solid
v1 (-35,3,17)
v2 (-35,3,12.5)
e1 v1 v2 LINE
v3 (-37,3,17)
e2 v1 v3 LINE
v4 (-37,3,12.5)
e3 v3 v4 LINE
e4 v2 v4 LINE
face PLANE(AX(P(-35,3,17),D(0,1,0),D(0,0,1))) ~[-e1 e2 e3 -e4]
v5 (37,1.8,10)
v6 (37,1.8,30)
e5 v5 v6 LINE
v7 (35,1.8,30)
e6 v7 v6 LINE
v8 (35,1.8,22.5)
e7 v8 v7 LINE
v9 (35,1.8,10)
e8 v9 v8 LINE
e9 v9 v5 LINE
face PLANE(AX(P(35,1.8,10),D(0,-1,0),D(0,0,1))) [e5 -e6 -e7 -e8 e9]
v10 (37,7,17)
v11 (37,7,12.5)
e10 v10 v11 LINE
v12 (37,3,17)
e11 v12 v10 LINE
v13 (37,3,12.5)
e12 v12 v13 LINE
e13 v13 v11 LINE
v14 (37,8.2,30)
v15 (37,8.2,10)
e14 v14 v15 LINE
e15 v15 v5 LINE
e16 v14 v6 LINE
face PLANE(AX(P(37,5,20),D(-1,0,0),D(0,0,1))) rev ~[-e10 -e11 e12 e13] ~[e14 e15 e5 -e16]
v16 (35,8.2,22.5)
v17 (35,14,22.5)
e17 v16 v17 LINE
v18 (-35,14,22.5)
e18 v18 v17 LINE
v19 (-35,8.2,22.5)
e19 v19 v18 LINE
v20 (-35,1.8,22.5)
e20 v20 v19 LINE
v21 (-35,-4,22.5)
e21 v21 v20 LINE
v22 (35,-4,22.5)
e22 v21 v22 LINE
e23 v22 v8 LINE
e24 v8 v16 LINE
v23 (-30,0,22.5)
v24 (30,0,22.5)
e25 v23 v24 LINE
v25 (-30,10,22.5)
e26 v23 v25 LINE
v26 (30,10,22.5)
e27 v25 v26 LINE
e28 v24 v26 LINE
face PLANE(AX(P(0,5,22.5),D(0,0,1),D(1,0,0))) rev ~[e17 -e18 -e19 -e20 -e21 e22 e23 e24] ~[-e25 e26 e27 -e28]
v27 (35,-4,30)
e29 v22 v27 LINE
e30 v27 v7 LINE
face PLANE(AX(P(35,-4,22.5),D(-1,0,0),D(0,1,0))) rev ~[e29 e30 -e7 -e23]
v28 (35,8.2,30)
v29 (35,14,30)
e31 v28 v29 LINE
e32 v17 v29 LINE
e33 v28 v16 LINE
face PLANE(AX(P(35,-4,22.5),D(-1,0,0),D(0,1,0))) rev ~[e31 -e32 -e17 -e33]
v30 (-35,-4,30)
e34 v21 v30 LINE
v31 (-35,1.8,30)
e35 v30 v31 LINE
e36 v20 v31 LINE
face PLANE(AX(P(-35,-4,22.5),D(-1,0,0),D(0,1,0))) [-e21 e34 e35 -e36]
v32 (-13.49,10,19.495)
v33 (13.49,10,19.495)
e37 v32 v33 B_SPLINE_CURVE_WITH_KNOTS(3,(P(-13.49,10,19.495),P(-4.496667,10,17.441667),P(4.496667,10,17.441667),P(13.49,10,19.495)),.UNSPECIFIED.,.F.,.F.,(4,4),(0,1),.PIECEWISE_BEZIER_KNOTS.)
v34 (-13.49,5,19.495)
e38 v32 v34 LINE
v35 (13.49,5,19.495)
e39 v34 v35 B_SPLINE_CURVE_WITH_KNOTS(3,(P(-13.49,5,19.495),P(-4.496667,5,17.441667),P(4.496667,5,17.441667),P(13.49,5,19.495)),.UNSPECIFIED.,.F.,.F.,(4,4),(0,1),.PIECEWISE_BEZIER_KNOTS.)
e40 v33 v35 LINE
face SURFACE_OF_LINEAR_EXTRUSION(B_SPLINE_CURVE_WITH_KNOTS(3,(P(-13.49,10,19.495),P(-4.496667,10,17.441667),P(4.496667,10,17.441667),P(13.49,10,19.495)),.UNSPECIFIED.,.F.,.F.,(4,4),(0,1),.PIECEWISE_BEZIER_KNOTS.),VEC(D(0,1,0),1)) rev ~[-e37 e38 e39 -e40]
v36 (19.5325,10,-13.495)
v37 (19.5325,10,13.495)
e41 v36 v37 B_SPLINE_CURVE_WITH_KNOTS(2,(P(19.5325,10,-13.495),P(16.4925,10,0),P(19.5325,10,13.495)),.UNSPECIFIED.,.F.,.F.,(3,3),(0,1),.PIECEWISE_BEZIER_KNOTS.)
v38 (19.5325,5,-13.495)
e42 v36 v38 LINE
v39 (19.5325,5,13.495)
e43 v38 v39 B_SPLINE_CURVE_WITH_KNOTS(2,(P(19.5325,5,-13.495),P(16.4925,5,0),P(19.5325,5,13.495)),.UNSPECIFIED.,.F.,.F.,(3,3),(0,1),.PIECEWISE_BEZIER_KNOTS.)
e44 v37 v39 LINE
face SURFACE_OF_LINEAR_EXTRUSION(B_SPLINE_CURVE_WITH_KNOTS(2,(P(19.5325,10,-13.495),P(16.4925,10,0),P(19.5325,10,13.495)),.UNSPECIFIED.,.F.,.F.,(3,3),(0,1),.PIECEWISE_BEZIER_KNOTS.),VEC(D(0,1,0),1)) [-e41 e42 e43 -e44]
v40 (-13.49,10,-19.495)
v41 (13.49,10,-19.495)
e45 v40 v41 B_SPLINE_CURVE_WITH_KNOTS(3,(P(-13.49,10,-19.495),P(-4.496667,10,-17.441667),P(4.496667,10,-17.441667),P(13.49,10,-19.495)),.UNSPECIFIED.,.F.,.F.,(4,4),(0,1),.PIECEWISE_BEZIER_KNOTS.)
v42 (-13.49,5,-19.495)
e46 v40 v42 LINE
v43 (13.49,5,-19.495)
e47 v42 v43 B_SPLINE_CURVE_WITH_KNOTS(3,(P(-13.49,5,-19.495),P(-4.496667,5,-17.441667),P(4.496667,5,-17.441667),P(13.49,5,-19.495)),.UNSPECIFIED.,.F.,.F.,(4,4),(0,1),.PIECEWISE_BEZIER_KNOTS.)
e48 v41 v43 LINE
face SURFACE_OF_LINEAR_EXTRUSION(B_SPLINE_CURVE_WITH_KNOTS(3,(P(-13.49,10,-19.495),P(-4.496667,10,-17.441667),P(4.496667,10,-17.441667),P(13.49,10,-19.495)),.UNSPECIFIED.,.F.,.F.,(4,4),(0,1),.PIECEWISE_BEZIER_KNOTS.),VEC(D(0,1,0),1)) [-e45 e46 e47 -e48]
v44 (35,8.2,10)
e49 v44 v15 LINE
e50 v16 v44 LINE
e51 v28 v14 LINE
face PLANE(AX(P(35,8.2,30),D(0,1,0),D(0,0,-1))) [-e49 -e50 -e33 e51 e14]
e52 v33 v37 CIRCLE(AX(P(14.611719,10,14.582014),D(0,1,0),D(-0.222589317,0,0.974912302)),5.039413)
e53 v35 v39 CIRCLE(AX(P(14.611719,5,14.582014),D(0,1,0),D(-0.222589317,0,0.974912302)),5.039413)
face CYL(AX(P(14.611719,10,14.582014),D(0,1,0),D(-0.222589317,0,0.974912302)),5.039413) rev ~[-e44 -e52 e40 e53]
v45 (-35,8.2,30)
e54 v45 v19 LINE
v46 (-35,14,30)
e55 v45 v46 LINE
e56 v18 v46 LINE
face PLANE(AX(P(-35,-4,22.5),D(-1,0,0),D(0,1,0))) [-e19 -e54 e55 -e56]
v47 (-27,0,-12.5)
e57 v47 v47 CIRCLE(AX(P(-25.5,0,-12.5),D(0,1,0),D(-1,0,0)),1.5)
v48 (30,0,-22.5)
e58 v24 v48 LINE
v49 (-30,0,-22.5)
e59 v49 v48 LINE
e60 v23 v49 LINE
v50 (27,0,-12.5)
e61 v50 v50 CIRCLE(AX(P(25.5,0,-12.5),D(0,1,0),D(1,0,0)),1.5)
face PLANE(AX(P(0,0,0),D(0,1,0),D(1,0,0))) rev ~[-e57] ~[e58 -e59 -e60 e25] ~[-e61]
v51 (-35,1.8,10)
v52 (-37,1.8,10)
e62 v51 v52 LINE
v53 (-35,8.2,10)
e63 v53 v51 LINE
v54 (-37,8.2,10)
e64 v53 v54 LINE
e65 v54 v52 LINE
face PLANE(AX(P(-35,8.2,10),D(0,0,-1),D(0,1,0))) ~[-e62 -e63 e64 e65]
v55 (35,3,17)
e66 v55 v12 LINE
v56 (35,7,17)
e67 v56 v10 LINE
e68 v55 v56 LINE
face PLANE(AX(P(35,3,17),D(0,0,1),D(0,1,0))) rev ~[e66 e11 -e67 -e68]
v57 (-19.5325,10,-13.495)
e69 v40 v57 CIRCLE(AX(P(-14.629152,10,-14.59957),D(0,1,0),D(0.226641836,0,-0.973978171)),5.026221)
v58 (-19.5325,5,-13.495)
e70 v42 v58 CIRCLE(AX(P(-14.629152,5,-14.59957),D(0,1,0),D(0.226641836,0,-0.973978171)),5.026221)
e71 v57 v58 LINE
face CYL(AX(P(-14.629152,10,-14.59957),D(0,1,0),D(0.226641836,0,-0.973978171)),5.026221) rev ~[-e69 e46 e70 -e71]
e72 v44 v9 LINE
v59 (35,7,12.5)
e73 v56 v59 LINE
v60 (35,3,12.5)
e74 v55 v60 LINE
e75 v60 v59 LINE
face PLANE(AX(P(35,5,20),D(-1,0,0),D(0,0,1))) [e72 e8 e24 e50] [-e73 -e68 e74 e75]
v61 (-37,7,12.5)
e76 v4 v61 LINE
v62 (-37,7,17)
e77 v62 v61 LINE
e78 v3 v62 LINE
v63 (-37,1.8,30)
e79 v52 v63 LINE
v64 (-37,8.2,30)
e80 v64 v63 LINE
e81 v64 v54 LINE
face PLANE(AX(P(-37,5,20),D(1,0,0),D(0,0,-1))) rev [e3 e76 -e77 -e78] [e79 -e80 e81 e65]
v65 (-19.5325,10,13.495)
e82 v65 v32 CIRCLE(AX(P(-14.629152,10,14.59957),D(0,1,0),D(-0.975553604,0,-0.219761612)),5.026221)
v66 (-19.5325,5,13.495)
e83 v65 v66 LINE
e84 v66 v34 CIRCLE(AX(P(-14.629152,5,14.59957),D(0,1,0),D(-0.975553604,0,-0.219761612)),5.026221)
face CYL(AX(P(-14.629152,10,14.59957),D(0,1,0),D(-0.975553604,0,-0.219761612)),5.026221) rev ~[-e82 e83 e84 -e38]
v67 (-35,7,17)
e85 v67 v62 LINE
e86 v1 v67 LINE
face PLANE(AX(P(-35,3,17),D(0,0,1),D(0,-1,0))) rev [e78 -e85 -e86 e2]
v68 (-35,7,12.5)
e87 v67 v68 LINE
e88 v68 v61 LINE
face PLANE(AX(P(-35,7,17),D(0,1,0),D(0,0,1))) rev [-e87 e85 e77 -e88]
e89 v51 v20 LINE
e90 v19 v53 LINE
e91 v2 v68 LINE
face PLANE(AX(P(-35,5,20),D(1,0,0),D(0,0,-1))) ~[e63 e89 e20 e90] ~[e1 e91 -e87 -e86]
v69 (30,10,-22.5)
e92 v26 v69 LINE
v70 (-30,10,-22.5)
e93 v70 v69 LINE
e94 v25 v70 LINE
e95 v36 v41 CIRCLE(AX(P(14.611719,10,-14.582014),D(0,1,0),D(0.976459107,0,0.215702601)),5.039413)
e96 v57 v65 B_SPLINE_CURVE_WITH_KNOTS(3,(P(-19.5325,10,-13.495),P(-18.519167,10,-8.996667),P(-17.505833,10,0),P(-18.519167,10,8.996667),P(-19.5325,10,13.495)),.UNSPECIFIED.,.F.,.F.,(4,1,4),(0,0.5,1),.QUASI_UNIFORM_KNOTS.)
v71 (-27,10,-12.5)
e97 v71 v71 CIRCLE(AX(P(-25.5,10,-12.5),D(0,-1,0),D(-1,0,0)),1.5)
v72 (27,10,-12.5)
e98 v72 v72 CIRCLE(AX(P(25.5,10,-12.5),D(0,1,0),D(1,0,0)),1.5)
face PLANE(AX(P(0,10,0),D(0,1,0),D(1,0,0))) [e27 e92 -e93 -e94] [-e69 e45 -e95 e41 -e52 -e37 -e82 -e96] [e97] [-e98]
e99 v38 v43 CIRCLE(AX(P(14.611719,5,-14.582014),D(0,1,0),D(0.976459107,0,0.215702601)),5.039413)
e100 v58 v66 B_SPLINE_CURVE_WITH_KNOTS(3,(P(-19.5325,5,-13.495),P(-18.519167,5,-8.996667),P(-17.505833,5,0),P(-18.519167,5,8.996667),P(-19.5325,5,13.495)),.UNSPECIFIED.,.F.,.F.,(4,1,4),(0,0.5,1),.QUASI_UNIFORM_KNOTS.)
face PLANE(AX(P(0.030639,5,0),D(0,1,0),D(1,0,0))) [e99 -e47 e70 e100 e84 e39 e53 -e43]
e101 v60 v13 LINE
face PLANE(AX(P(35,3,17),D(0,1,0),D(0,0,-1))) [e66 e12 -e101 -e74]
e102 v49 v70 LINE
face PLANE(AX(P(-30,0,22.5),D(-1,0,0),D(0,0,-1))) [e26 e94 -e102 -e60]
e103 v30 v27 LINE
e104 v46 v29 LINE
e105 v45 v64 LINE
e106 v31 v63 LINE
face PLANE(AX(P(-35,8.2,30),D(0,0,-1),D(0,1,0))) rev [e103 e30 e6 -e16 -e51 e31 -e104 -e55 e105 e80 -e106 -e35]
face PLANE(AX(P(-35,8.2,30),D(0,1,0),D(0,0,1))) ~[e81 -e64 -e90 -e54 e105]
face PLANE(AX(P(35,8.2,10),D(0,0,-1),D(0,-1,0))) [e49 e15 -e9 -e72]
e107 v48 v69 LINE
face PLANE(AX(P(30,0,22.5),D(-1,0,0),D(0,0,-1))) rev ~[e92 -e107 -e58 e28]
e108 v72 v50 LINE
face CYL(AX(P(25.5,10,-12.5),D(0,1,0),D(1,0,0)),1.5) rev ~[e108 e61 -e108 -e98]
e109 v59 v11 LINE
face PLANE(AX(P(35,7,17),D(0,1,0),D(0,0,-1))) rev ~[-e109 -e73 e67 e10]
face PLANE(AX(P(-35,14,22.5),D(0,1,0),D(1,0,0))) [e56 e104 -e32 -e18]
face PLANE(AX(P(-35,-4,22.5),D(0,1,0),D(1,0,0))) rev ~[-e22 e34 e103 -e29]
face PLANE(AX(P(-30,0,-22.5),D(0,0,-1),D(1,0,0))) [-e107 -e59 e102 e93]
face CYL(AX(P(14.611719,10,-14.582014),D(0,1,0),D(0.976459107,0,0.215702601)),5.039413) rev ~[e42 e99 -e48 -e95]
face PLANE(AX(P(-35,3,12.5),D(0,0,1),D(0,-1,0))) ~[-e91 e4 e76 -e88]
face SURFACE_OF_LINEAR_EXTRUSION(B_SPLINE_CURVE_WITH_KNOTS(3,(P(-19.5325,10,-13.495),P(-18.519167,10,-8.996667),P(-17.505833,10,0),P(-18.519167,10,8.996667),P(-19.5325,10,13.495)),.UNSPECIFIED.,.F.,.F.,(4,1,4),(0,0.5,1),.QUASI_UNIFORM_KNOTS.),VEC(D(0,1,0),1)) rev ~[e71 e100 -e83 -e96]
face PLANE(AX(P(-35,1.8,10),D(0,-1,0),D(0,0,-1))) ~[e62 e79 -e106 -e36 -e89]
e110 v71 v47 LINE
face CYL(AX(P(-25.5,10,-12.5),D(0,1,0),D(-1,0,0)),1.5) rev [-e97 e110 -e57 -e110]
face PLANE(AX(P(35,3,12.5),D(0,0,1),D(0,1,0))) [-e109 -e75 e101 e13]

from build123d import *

# Parameters (mm, degrees)
SKETCH1_W           = 60
SKETCH1_H           = 45
BOSS_EXTRUDE1_DEPTH = 10
SKETCH2_W           = 70
SKETCH2_H           = 18
BOSS_EXTRUDE2_DEPTH = 7.5
CUT_EXTRUDE1_DEPTH  = 5
SKETCH4_W           = 4.5
SKETCH4_H           = 4
BOSS_EXTRUDE3_DEPTH = 2
SKETCH5_R           = 1.5
CUT_EXTRUDE2_DEPTH  = 15


with BuildPart() as part:
    # Sketch1 → Boss-Extrude1 (new body)
    with BuildSketch(Plane(origin=(0, 0, 0), x_dir=(1, 0, 0), z_dir=(0, 1, 0))):
        Rectangle(SKETCH1_W, SKETCH1_H)
    extrude(amount=BOSS_EXTRUDE1_DEPTH)

    # Sketch2 → Boss-Extrude2 (add)
    with BuildSketch(Plane.XY.offset(22.5)):
        with Locations((0, 5)):
            Rectangle(SKETCH2_W, SKETCH2_H)
    extrude(amount=BOSS_EXTRUDE2_DEPTH)

    # Sketch3 → Cut-Extrude1 (cut)
    with BuildSketch(Plane(origin=(0, 10, 0), x_dir=(1, 0, 0), z_dir=(0, 1, 0))):
        with BuildLine():
            ThreePointArc((-19.5325, -13.495), (-18.170661955, -18.166166123), (-13.49, -19.495))
            add(Edge.make_bspline(
                [(-13.49, -19.495), (-4.496666667, -17.441666667), (4.496666667, -17.441666667), (13.49, -19.495)],
                knots=[0, 0, 0, 0, 1, 1, 1, 1], degree=3))
            ThreePointArc((13.49, -19.495), (18.162524477, -18.157971004), (19.5325, -13.495))
            add(Edge.make_bspline(
                [(19.5325, 13.495), (16.4925, 0), (19.5325, -13.495)],
                knots=[0, 0, 0, 1, 1, 1], degree=2))
            ThreePointArc((19.5325, 13.495), (18.162524477, 18.157971004), (13.49, 19.495))
            add(Edge.make_bspline(
                [(-13.49, 19.495), (-4.496666667, 17.441666667), (4.496666667, 17.441666667), (13.49, 19.495)],
                knots=[0, 0, 0, 0, 1, 1, 1, 1], degree=3))
            ThreePointArc((-13.49, 19.495), (-18.170661955, 18.166166123), (-19.5325, 13.495))
            add(Edge.make_bspline(
                [(-19.5325, 13.495), (-18.519166667, 8.996666667), (-17.505833333, 0), (-18.519166667, -8.996666667), (-19.5325, -13.495)],
                knots=[0, 0, 0, 0, 0.5, 1, 1, 1, 1], degree=3))
        make_face()
    extrude(amount=-CUT_EXTRUDE1_DEPTH, mode=Mode.SUBTRACT)

    # Sketch4 → Boss-Extrude3 (add)
    with BuildSketch(Plane(origin=(35, 0, 0), x_dir=(0, 0, -1), z_dir=(1, 0, 0))):
        Polygon((-30, 5), (-30, 8.2), (-10, 8.2), (-10, 1.8), (-30, 1.8), align=None)
        with Locations((-14.75, 5)):
            Rectangle(SKETCH4_W, SKETCH4_H, mode=Mode.SUBTRACT)
    boss_extrude3 = extrude(amount=BOSS_EXTRUDE3_DEPTH)

    # Mirror1: Boss-Extrude3 across plane
    add(boss_extrude3.mirror(Plane(origin=(0, 0, 0), x_dir=(0, 0, 1), z_dir=(1, 0, 0))))

    # Sketch5 → Cut-Extrude2 (cut, through all)
    with BuildSketch(Plane(origin=(0, 10, 0), x_dir=(1, 0, 0), z_dir=(0, 1, 0))):
        with Locations((25.5, 12.5)):
            Circle(SKETCH5_R)
    cut_extrude2 = extrude(amount=-CUT_EXTRUDE2_DEPTH, mode=Mode.SUBTRACT)

    # Mirror2: Cut-Extrude2 across plane
    add(cut_extrude2.mirror(Plane(origin=(0, 0, 0), x_dir=(0, 0, 1), z_dir=(1, 0, 0))), mode=Mode.SUBTRACT)


solid = part.part
